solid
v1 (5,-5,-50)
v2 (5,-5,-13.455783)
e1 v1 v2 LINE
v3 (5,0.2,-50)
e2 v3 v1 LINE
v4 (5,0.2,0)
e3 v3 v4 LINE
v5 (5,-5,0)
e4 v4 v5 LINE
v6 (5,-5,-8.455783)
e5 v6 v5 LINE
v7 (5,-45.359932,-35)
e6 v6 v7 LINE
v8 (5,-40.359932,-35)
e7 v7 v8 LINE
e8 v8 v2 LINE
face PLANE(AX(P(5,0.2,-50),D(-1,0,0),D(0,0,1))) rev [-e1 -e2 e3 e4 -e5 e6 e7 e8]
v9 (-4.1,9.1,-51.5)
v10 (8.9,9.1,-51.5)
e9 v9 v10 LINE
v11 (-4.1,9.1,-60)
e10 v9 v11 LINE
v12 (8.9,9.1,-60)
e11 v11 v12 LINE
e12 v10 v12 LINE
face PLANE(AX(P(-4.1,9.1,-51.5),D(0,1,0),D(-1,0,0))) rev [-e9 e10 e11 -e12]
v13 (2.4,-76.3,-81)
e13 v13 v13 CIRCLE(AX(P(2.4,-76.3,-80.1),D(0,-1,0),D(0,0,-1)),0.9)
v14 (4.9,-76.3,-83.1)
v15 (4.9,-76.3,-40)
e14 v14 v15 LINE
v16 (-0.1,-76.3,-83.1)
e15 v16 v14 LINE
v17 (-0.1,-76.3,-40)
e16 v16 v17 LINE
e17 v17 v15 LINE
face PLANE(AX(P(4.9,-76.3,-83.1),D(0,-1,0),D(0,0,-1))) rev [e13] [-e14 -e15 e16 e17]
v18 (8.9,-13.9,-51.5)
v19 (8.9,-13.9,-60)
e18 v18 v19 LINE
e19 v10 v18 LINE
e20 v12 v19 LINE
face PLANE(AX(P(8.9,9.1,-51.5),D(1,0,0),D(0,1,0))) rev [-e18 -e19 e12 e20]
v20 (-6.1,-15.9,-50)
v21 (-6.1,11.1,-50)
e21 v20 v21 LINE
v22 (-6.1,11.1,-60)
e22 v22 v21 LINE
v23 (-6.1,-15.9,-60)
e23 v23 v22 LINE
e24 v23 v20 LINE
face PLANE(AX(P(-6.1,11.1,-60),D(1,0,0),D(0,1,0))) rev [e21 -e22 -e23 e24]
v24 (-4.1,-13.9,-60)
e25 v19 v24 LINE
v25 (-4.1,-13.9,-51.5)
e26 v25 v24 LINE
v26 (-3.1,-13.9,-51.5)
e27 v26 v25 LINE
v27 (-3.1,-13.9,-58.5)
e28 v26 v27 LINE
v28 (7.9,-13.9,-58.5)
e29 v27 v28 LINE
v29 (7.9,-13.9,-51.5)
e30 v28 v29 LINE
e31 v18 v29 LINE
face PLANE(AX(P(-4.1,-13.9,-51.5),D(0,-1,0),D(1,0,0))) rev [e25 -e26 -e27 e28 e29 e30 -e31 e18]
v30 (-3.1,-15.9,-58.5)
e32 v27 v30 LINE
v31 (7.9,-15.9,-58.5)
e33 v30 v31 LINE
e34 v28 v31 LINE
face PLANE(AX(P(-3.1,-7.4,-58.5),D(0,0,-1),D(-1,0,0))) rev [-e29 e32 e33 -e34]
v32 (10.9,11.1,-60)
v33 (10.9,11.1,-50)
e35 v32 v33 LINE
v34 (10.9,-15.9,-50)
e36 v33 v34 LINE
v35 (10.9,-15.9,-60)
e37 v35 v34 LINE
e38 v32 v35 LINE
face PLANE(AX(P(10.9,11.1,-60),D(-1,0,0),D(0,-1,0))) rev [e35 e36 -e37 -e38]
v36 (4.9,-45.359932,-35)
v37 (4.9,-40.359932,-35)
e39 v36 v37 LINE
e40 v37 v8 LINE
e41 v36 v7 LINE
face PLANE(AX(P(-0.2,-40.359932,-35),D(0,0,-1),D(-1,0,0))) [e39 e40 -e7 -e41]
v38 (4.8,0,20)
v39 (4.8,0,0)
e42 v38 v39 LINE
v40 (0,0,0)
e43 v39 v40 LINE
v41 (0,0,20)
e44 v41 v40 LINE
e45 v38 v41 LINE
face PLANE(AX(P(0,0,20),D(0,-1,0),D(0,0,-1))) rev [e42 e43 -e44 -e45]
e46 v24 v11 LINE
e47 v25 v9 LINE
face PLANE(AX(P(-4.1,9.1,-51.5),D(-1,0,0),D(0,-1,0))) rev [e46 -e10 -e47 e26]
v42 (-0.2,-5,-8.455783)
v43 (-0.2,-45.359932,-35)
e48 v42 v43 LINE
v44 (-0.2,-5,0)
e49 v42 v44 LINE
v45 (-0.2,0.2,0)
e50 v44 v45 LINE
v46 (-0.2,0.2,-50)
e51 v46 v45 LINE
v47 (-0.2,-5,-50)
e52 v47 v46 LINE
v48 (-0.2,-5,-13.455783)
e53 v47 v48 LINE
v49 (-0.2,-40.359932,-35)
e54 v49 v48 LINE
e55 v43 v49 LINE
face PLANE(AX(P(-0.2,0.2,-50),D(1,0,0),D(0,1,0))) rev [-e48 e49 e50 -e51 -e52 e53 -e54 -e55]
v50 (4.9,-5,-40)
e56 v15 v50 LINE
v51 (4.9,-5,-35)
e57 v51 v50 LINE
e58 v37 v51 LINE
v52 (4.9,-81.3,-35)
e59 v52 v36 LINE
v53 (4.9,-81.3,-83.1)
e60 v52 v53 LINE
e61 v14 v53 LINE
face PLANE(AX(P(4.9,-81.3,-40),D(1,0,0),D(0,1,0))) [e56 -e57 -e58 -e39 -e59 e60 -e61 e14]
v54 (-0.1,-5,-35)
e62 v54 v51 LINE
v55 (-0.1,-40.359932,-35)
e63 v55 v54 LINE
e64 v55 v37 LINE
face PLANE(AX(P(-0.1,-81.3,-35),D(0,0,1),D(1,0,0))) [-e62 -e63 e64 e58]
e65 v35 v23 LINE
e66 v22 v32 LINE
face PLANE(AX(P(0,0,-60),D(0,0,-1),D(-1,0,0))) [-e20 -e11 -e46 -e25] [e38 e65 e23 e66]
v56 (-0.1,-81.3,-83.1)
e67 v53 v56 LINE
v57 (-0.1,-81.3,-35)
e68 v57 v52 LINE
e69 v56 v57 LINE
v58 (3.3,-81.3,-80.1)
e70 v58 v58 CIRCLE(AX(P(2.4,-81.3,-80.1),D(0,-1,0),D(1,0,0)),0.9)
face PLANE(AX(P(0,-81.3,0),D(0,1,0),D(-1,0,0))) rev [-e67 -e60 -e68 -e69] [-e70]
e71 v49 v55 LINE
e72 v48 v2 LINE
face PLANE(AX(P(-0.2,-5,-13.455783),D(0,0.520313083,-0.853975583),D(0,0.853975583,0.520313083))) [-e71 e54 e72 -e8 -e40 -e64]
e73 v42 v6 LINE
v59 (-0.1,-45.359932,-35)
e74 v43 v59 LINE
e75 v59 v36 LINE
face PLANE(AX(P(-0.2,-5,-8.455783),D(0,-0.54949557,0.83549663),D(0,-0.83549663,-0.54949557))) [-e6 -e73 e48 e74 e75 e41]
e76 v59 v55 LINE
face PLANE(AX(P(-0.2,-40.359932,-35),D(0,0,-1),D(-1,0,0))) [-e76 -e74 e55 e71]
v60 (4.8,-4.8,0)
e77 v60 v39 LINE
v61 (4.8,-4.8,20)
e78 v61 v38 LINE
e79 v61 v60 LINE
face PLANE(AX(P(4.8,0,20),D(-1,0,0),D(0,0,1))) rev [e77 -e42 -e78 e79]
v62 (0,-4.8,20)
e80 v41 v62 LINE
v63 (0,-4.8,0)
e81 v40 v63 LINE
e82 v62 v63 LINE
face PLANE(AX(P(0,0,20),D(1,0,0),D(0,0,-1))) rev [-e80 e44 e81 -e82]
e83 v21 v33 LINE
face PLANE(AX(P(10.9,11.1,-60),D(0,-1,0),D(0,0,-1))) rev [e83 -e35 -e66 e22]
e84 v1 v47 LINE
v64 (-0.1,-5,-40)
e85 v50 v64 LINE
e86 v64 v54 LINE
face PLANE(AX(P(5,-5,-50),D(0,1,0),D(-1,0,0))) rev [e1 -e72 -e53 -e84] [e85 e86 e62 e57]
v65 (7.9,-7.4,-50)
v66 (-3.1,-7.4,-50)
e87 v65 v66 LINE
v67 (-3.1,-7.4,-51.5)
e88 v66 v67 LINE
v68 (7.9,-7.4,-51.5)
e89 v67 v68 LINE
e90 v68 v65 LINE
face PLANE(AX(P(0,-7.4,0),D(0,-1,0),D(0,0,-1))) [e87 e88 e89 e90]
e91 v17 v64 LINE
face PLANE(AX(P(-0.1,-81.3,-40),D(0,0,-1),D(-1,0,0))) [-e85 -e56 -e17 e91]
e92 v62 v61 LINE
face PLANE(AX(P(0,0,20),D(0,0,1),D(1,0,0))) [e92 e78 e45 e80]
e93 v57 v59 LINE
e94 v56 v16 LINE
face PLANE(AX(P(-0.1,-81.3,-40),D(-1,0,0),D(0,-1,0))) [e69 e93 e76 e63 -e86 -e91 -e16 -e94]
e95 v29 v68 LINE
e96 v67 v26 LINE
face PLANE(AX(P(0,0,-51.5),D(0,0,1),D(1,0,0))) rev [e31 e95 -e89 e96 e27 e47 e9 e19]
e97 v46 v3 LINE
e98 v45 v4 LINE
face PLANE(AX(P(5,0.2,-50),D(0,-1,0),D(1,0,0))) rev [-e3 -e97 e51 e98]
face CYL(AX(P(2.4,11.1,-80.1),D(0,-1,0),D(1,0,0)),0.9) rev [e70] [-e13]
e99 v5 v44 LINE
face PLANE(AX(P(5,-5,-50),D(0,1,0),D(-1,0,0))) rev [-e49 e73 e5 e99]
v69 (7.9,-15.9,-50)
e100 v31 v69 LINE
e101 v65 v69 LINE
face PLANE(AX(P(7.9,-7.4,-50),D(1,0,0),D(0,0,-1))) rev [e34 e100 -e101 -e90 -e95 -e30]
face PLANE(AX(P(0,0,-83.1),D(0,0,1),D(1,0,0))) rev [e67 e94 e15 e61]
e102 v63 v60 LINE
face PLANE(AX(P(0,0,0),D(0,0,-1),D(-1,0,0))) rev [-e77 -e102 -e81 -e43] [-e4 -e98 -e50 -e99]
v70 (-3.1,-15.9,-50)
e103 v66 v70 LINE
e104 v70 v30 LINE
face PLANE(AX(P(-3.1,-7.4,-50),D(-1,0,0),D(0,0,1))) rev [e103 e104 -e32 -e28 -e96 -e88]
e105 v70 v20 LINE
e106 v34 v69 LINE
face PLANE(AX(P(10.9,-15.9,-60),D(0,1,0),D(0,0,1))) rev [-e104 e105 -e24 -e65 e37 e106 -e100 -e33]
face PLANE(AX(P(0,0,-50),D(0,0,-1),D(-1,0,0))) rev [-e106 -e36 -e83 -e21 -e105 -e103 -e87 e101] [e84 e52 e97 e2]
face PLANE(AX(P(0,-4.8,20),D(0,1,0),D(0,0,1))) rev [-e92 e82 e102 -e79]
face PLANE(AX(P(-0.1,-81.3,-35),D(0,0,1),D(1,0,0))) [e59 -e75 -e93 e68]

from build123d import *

# Parameters (mm, degrees)
SKETCH1_W           = 4.8
SKETCH1_H           = 4.8
BOSS_EXTRUDE1_DEPTH = 20
SKETCH2_W           = 5.2
SKETCH2_H           = 5.2
BOSS_EXTRUDE2_DEPTH = 50
SKETCH3_W           = 17
SKETCH3_H           = 27
BOSS_EXTRUDE3_DEPTH = 10
SKETCH4_W           = 13
SKETCH4_H           = 23
CUT_EXTRUDE1_DEPTH  = 8.5
SKETCH5_W           = 11
SKETCH5_H           = 8.5
CUT_EXTRUDE2_DEPTH  = 8.5
SKETCH6_W           = 5
SKETCH6_H           = 5
BOSS_EXTRUDE4_DEPTH = 81.5
SKETCH7_W           = 5
SKETCH7_H           = 5
BOSS_EXTRUDE5_DEPTH = 43.1
SKETCH9_R           = 0.9
CUT_EXTRUDE4_DEPTH  = 125.748466924
BOSS_EXTRUDE6_DEPTH = 5.2


with BuildPart() as part:
    # Sketch1 → Boss-Extrude1 (new body)
    with BuildSketch(Plane.XY):
        with Locations((2.4, -2.4)):
            Rectangle(SKETCH1_W, SKETCH1_H)
    extrude(amount=BOSS_EXTRUDE1_DEPTH)

    # Sketch2 → Boss-Extrude2 (add)
    with BuildSketch(Plane(origin=(0, 0, 0), x_dir=(-1, 0, 0), z_dir=(0, 0, -1))):
        with Locations((-2.4, -2.4)):
            Rectangle(SKETCH2_W, SKETCH2_H)
    extrude(amount=BOSS_EXTRUDE2_DEPTH)

    # Sketch3 → Boss-Extrude3 (add)
    with BuildSketch(Plane(origin=(0, 0, -50), x_dir=(-1, 0, 0), z_dir=(0, 0, -1))):
        with Locations((-2.4, -2.4)):
            Rectangle(SKETCH3_W, SKETCH3_H)
    extrude(amount=BOSS_EXTRUDE3_DEPTH)

    # Sketch4 → Cut-Extrude1 (cut)
    with BuildSketch(Plane(origin=(0, 0, -60), x_dir=(-1, 0, 0), z_dir=(0, 0, -1))):
        with Locations((-2.4, -2.4)):
            Rectangle(SKETCH4_W, SKETCH4_H)
    extrude(amount=-CUT_EXTRUDE1_DEPTH, mode=Mode.SUBTRACT)

    # Sketch5 → Cut-Extrude2 (cut)
    with BuildSketch(Plane.XZ.offset(15.9)):
        with Locations((2.4, -54.25)):
            Rectangle(SKETCH5_W, SKETCH5_H)
    extrude(amount=-CUT_EXTRUDE2_DEPTH, mode=Mode.SUBTRACT)

    # Sketch6 → Boss-Extrude4 (add)
    with BuildSketch(Plane(origin=(0, 0.2, 0), x_dir=(1, 0, 0), z_dir=(0, 1, 0))):
        with Locations((2.4, 37.5)):
            Rectangle(SKETCH6_W, SKETCH6_H)
    extrude(amount=-BOSS_EXTRUDE4_DEPTH)

    # Sketch7 → Boss-Extrude5 (add)
    with BuildSketch(Plane(origin=(0, 0, -40), x_dir=(-1, 0, 0), z_dir=(0, 0, -1))):
        with Locations((-2.4, -78.8)):
            Rectangle(SKETCH7_W, SKETCH7_H)
    extrude(amount=BOSS_EXTRUDE5_DEPTH)

    # Sketch9 → Cut-Extrude4 (cut, through all)
    with BuildSketch(Plane.XZ.offset(81.3)):
        with Locations((2.4, -80.1)):
            Circle(SKETCH9_R)
    extrude(amount=-CUT_EXTRUDE4_DEPTH, mode=Mode.SUBTRACT)

    # Sketch12 → Boss-Extrude6 (add)
    with BuildSketch(Plane(origin=(5, 0, 0), x_dir=(0, 0, -1), z_dir=(1, 0, 0))):
        Polygon((13.455782968, -5), (35, -40.359932103), (35, -45.359932103), (8.455782968, -5), align=None)
    extrude(amount=-BOSS_EXTRUDE6_DEPTH)


solid = part.part
